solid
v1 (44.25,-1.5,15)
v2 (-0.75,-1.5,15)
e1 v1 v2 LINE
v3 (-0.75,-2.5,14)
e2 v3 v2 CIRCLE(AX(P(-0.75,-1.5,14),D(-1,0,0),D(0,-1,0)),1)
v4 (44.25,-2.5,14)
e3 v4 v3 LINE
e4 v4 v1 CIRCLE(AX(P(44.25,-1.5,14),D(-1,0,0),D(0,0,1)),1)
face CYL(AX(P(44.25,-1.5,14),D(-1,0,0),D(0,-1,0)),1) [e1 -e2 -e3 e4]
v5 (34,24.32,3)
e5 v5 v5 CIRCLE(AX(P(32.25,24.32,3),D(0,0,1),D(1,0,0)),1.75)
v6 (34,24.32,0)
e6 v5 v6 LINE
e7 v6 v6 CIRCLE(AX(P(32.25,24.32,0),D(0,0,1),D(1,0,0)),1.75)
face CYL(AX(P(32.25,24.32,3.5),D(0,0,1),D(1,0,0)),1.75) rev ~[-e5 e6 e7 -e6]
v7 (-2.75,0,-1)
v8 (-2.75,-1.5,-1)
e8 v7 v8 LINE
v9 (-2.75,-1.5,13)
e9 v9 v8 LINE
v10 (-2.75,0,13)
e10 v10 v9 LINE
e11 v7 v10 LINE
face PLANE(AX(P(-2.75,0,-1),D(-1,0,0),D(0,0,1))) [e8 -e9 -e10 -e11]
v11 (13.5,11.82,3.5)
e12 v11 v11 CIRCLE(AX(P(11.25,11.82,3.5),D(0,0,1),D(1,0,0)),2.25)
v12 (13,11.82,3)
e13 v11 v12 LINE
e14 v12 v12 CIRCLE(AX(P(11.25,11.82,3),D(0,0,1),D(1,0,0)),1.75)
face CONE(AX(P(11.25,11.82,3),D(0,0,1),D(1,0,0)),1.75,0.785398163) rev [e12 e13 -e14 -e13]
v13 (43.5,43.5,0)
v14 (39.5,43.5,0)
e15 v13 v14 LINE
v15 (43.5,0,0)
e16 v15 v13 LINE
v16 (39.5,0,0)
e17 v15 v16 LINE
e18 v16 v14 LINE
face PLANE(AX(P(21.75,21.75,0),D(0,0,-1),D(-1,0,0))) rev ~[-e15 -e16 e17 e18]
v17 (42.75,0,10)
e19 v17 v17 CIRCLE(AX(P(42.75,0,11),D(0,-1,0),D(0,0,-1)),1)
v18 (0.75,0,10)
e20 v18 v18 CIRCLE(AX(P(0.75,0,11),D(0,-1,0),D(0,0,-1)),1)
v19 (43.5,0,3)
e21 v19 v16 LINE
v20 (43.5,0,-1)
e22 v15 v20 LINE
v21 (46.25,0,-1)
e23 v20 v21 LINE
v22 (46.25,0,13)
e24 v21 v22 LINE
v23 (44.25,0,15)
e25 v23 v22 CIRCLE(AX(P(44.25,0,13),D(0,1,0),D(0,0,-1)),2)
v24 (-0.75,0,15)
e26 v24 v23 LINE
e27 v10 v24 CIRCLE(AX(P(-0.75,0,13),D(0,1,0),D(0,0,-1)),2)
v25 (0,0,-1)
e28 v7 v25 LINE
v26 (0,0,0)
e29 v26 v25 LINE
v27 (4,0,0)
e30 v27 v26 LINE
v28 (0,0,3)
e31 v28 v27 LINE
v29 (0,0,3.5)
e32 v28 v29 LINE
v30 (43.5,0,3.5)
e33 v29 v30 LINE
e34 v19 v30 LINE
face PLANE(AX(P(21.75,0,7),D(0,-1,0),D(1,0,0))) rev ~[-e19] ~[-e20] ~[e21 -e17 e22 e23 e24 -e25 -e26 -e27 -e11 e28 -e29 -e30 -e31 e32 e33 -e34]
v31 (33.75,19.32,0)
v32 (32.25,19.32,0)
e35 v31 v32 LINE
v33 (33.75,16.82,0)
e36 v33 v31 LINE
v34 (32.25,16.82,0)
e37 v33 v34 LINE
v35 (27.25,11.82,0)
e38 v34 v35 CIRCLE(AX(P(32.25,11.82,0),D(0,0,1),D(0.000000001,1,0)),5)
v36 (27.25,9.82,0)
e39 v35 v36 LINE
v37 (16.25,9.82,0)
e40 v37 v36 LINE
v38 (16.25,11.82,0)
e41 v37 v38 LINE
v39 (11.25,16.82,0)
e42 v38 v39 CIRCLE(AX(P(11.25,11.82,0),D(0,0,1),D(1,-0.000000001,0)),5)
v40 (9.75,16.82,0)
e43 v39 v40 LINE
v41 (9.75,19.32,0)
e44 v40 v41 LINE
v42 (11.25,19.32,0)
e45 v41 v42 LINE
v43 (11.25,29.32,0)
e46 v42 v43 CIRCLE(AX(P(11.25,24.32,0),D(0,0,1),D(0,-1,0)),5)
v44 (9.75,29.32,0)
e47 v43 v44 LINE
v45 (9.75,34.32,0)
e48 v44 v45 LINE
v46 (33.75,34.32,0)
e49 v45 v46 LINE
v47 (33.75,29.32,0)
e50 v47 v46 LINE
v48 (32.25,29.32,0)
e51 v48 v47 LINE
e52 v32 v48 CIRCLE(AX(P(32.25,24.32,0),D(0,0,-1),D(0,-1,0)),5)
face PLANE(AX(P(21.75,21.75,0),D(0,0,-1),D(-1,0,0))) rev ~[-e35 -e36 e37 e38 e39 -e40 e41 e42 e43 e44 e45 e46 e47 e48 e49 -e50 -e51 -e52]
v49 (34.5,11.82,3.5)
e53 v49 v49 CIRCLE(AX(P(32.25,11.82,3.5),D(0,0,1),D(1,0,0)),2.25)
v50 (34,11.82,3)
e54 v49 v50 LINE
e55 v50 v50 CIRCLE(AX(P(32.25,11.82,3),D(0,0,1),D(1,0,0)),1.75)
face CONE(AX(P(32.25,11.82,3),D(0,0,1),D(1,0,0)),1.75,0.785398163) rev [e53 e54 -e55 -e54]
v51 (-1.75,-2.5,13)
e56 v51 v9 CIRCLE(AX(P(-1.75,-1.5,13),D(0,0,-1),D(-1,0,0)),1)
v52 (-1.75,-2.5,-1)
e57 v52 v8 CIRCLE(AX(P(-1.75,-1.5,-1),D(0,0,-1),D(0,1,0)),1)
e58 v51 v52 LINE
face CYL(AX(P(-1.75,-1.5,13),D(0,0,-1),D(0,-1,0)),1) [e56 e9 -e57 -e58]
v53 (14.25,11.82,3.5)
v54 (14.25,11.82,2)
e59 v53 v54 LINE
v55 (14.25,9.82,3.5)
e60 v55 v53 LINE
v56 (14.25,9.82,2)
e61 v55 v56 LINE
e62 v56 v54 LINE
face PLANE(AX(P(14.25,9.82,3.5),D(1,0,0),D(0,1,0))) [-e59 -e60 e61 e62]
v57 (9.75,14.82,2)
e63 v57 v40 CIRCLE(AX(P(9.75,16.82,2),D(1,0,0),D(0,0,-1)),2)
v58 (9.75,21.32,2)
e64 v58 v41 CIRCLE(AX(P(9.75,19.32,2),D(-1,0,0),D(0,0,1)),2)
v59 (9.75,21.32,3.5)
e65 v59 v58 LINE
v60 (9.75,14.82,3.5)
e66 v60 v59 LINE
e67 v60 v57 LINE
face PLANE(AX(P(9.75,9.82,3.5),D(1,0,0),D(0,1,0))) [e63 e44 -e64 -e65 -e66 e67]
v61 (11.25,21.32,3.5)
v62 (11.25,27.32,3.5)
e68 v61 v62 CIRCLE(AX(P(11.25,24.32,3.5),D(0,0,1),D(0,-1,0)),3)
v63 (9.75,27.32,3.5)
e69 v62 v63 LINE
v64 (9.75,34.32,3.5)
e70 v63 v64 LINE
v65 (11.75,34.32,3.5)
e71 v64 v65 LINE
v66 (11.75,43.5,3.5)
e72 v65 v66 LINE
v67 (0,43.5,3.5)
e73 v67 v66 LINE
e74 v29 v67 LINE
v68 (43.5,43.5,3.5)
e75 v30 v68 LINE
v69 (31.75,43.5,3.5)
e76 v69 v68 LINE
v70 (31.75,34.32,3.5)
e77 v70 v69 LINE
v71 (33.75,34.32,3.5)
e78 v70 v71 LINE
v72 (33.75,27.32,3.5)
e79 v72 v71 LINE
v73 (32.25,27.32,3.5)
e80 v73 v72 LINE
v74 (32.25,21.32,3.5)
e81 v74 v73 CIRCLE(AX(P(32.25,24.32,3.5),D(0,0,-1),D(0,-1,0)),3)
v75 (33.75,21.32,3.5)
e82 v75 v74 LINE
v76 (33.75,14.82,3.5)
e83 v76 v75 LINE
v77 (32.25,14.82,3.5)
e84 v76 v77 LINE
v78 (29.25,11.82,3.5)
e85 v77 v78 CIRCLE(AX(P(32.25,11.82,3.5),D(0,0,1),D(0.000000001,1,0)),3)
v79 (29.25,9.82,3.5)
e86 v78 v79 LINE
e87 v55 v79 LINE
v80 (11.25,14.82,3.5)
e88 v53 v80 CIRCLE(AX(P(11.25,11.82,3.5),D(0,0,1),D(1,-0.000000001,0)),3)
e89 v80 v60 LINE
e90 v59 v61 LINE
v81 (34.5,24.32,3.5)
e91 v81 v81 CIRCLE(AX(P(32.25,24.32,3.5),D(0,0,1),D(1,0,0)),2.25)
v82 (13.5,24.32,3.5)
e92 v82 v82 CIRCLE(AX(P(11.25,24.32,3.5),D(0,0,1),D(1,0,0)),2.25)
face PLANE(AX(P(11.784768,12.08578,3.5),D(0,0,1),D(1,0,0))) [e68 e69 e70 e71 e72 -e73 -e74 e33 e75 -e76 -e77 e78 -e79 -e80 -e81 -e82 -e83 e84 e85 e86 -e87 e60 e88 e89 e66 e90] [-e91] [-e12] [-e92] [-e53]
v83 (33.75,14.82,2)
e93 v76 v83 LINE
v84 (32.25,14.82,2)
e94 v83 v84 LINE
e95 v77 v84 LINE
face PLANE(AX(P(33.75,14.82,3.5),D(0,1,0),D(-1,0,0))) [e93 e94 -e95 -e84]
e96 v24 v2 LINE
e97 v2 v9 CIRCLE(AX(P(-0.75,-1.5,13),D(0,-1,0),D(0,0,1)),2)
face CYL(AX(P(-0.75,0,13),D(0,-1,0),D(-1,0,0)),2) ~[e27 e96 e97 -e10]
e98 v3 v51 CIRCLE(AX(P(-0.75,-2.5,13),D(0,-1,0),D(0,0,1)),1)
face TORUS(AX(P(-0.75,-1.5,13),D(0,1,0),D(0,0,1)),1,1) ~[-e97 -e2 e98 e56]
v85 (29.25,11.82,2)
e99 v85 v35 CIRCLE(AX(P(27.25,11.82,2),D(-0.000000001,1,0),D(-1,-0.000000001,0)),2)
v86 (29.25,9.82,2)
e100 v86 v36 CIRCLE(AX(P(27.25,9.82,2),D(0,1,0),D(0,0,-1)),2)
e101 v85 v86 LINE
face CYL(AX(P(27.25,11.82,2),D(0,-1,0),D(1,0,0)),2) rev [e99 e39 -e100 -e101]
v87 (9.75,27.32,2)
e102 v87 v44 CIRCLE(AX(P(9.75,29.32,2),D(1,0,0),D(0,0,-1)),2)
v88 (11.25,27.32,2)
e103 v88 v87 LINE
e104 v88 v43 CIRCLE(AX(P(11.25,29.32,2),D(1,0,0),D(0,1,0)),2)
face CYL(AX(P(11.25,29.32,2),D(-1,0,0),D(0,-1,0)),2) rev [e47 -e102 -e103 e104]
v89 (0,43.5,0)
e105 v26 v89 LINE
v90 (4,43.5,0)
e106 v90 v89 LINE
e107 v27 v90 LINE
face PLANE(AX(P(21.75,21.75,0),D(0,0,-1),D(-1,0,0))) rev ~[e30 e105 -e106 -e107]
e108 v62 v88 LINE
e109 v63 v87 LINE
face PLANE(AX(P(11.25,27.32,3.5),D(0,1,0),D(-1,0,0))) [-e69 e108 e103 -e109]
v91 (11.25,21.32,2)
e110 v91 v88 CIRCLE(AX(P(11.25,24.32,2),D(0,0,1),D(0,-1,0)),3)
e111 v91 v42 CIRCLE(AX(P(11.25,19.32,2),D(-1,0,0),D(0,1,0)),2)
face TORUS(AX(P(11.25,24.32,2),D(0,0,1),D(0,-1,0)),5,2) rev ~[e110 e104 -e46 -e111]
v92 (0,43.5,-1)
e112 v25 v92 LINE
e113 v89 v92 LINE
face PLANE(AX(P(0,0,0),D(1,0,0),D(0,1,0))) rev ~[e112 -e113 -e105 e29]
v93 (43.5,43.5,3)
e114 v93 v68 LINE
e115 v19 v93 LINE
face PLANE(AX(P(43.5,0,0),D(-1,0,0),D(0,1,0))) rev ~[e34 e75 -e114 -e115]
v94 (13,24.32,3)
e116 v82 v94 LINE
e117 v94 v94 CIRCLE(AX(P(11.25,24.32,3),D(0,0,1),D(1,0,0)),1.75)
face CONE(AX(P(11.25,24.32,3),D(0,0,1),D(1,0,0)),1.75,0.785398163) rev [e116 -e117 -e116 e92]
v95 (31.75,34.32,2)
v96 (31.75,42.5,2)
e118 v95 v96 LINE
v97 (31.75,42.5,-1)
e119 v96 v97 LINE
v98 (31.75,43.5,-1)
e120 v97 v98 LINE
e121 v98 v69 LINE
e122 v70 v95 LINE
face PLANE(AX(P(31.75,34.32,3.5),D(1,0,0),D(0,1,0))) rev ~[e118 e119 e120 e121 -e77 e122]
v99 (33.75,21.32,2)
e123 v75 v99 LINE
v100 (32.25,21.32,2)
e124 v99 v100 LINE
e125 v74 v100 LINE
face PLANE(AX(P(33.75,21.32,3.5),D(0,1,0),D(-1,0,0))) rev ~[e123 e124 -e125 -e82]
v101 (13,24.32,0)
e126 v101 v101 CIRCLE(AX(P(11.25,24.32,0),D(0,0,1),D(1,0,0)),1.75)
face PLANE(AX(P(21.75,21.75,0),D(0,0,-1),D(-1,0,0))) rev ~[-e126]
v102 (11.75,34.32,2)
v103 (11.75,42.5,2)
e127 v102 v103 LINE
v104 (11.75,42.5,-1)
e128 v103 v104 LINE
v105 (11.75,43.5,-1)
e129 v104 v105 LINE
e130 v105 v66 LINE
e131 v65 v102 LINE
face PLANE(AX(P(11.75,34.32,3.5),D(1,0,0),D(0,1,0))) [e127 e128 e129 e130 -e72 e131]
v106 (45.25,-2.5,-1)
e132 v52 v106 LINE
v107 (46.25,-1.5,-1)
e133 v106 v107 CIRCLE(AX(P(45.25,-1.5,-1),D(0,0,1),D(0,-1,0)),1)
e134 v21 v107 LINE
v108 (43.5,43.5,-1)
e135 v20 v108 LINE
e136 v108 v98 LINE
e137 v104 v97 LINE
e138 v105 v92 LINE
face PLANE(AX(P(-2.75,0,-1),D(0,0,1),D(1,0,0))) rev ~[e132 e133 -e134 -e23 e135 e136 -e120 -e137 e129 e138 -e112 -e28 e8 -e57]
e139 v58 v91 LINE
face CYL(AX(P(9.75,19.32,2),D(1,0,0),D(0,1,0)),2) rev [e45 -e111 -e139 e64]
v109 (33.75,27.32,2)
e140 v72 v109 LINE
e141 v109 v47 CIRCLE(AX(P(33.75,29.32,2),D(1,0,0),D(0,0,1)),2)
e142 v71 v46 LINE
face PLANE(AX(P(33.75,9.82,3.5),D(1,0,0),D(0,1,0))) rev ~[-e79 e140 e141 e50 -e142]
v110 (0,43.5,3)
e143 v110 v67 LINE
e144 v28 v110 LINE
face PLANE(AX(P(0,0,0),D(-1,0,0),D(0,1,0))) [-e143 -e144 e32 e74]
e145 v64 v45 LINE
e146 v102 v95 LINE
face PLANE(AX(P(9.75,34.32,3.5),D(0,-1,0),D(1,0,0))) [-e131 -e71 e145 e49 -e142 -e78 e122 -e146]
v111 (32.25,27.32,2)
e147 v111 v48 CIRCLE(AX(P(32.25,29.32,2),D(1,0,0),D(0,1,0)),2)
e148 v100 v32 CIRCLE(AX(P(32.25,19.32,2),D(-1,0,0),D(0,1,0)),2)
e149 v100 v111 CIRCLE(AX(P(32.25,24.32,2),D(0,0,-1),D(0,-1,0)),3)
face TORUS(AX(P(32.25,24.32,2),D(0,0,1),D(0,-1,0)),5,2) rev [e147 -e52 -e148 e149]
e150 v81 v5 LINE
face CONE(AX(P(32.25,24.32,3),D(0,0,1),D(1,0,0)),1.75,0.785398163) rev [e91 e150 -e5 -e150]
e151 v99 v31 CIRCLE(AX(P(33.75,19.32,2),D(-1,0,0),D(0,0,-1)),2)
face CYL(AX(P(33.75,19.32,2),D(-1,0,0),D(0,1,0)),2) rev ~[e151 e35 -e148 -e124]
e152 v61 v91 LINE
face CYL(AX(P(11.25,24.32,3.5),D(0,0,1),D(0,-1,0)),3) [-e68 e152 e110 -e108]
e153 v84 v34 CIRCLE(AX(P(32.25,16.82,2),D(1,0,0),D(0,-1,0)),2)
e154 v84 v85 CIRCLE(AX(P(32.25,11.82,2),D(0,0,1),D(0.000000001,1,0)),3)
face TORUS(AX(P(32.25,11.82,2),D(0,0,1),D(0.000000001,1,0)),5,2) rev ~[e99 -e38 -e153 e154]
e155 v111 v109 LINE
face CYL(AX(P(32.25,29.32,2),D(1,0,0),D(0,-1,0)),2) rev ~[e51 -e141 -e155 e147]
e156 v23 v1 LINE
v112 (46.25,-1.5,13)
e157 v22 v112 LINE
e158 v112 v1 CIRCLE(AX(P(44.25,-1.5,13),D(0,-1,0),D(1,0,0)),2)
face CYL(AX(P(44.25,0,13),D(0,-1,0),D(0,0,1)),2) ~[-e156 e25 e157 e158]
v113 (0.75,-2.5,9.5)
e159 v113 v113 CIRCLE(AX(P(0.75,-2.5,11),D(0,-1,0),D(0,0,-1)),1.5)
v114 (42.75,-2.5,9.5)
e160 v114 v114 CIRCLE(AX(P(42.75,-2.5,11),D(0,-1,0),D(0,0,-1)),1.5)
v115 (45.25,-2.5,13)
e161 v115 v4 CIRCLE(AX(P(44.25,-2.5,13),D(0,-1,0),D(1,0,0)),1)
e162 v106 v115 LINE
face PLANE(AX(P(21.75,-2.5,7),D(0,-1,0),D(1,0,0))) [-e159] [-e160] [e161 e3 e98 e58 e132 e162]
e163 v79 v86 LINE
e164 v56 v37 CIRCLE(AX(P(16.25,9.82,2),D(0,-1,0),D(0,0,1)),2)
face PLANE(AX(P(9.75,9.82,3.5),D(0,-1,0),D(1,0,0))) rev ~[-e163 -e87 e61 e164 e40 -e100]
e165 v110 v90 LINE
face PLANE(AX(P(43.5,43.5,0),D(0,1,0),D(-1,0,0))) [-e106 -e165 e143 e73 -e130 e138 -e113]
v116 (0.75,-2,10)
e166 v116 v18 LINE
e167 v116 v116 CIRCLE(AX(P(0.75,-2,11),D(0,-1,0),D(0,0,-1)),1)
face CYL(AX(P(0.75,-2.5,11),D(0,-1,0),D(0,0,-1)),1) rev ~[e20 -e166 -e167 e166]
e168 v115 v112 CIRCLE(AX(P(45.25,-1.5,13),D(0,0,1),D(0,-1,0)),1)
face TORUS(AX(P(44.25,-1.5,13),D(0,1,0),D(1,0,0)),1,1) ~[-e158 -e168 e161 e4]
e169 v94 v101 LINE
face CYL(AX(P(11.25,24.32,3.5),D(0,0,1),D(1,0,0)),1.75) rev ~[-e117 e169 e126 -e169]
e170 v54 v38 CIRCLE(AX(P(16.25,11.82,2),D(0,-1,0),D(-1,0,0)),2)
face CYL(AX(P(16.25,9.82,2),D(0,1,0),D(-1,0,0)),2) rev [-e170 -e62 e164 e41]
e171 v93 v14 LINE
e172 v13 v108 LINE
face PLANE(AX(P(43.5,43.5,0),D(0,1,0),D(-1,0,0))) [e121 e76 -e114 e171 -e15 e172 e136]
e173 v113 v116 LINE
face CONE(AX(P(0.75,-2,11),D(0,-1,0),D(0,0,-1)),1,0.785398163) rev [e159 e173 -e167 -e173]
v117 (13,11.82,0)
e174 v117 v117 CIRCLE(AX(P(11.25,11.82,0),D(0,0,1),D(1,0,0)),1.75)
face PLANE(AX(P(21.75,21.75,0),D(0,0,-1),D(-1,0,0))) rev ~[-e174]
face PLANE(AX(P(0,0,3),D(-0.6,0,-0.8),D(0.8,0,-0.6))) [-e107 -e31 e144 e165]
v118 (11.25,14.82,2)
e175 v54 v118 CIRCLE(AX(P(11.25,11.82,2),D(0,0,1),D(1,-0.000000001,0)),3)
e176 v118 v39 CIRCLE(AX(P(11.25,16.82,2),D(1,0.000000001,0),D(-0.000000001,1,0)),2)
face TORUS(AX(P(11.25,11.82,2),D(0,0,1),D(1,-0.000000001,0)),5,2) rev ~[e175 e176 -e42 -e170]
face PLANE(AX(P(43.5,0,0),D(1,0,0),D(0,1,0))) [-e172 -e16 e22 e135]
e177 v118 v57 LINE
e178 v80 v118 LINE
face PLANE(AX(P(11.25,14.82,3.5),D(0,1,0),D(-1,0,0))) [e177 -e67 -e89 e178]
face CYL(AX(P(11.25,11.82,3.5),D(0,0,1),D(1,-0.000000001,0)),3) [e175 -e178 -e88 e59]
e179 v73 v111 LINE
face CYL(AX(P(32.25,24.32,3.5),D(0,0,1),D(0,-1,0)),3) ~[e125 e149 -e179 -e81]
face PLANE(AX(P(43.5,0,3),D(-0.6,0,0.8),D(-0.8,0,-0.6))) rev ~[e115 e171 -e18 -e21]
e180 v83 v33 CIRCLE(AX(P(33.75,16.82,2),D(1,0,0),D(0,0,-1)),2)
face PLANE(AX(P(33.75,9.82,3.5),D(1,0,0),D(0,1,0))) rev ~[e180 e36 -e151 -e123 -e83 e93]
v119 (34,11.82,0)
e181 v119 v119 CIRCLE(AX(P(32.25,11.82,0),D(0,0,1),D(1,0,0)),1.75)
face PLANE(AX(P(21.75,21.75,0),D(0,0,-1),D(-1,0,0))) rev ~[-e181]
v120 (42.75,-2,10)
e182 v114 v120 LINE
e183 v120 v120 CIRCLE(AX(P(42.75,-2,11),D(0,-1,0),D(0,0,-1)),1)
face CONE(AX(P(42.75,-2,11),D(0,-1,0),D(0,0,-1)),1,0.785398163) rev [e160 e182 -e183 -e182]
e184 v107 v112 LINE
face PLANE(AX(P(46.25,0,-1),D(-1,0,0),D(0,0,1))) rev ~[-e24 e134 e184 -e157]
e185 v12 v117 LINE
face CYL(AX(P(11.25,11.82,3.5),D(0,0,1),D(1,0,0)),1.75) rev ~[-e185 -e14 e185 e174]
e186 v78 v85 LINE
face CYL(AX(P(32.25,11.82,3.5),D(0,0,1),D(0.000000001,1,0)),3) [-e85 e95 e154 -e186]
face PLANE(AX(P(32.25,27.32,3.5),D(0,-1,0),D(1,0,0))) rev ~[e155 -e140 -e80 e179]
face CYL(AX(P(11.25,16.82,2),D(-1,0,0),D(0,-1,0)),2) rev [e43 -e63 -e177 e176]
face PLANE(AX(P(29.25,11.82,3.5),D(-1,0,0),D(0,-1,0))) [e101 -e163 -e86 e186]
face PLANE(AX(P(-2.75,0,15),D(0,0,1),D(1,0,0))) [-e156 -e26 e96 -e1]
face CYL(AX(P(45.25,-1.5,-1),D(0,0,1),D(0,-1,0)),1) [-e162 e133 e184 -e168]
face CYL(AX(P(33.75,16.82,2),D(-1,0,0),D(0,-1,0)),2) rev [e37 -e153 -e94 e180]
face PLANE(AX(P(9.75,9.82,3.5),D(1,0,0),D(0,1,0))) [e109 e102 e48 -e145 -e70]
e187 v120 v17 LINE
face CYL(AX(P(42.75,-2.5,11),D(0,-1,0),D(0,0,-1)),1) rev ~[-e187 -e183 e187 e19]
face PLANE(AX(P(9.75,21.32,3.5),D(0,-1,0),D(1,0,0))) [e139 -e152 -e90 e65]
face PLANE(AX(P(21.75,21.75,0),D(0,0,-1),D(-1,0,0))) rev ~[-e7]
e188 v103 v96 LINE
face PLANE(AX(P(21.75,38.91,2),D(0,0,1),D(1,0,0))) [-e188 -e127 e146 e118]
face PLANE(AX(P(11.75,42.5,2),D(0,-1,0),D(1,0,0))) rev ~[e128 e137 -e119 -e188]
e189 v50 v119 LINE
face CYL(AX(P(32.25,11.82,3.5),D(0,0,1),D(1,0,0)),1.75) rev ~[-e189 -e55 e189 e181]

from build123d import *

# Parameters (mm, degrees)
ESQUISSE1_W             = 43.5
ESQUISSE1_H             = 43.5
BOSS_EXTRU_1_DEPTH      = 3.5
ESQUISSE3_W             = 24
ESQUISSE3_H             = 24.5
ENL_V_MAT_EXTRU_1_DEPTH = 3.5
ENL_V_MAT_EXTRU_3_DEPTH = 43.5
ESQUISSE5_W             = 20
ESQUISSE5_H             = 9.18
ENL_V_MAT_EXTRU_4_DEPTH = 1.5
BOSS_EXTRU_2_DEPTH      = 3.5
ESQUISSE8_R             = 1.75
ENL_V_MAT_EXTRU_5_DEPTH = 3.5
ESQUISSE9_W             = 43.5
ESQUISSE9_H             = 43.5
BOSS_EXTRU_3_DEPTH      = 1
CONG_2_R                = 2
CHANFREIN1_SIZE         = 0.5
ESQUISSE10_W            = 20
ESQUISSE10_H            = 1
ENL_V_MAT_EXTRU_6_DEPTH = 3
ESQUISSE11_W            = 49
ESQUISSE11_H            = 16
BOSS_EXTRU_4_DEPTH      = 2.5
ESQUISSE12_R            = 1
ENL_V_MAT_EXTRU_7_DEPTH = 2.5
CONG_3_R                = 2
CONG_4_R                = 1
CHANFREIN2_SIZE         = 0.5


with BuildPart() as part:
    # Esquisse1 → Boss.-Extru.1 (new body)
    with BuildSketch(Plane.XY):
        with Locations((21.75, 21.75)):
            Rectangle(ESQUISSE1_W, ESQUISSE1_H)
    extrude(amount=BOSS_EXTRU_1_DEPTH)

    # Esquisse3 → Enlèv. mat.-Extru.1 (cut)
    with BuildSketch(Plane.XY.offset(3.5)):
        with Locations((21.75, 22.07)):
            Rectangle(ESQUISSE3_W, ESQUISSE3_H)
    extrude(amount=-ENL_V_MAT_EXTRU_1_DEPTH, mode=Mode.SUBTRACT)

    # Esquisse4 → Enlèv. mat.-Extru.3 (cut)
    with BuildSketch(Plane.XZ):
        Polygon((0, 0), (0, 3), (4, 0), align=None)
        Polygon((43.5, 3), (39.5, 0), (43.5, 0), align=None)
    extrude(amount=-ENL_V_MAT_EXTRU_3_DEPTH, mode=Mode.SUBTRACT)

    # Esquisse5 → Enlèv. mat.-Extru.4 (cut)
    with BuildSketch(Plane.XY.offset(3.5)):
        with Locations((21.75, 38.91)):
            Rectangle(ESQUISSE5_W, ESQUISSE5_H)
    extrude(amount=-ENL_V_MAT_EXTRU_4_DEPTH, mode=Mode.SUBTRACT)

    # Esquisse6 → Boss.-Extru.2 (add)
    with BuildSketch(Plane.XY.offset(3.5)):
        with BuildLine():
            Line((11.25, 27.32), (9.75, 27.32))
            Line((9.75, 27.32), (9.75, 21.32))
            Line((9.75, 21.32), (11.25, 21.32))
            ThreePointArc((11.25, 21.32), (14.25, 24.32), (11.25, 27.32))
        make_face()
        with BuildLine():
            Line((11.25, 14.82), (9.75, 14.82))
            Line((9.75, 14.82), (9.75, 9.82))
            Line((9.75, 9.82), (14.25, 9.82))
            Line((14.25, 9.82), (14.25, 11.82))
            ThreePointArc((14.25, 11.82), (13.371320344, 13.941320344), (11.25, 14.82))
        make_face()
        with BuildLine():
            Line((29.25, 11.82), (29.25, 9.82))
            Line((29.25, 9.82), (33.75, 9.82))
            Line((33.75, 9.82), (33.75, 14.82))
            Line((33.75, 14.82), (32.25, 14.82))
            ThreePointArc((32.25, 14.82), (30.128679656, 13.941320344), (29.25, 11.82))
        make_face()
        with BuildLine():
            Line((32.25, 27.32), (33.75, 27.32))
            Line((33.75, 27.32), (33.75, 21.32))
            Line((33.75, 21.32), (32.25, 21.32))
            ThreePointArc((32.25, 21.32), (29.25, 24.32), (32.25, 27.32))
        make_face()
    extrude(amount=-BOSS_EXTRU_2_DEPTH)

    # Esquisse8 → Enlèv. mat.-Extru.5 (cut)
    with BuildSketch(Plane.XY.offset(3.5)):
        with Locations((11.25, 24.32)):
            Circle(ESQUISSE8_R)
        with Locations((32.25, 24.32)):
            Circle(ESQUISSE8_R)
        with Locations((32.25, 11.82)):
            Circle(ESQUISSE8_R)
        with Locations((11.25, 11.82)):
            Circle(ESQUISSE8_R)
    extrude(amount=-ENL_V_MAT_EXTRU_5_DEPTH, mode=Mode.SUBTRACT)

    # Esquisse9 → Boss.-Extru.3 (add)
    with BuildSketch(Plane(origin=(0, 0, 0), x_dir=(-1, 0, 0), z_dir=(0, 0, -1))):
        with Locations((-21.75, 21.75)):
            Rectangle(ESQUISSE9_W, ESQUISSE9_H)
    extrude(amount=BOSS_EXTRU_3_DEPTH)

    # Congé2
    cong_2_edges = [part.edges().sort_by_distance(p)[0] for p in [
        (29.25, 24.32, 0),
        (33, 27.32, 0),
        (33, 21.32, 0),
        (14.25, 24.32, 0),
        (10.5, 21.32, 0),
        (10.5, 27.32, 0),
        (13.371320344, 13.941320344, 0),
        (14.25, 10.82, 0),
        (10.5, 14.82, 0),
        (30.128679656, 13.941320344, 0),
        (33, 14.82, 0),
        (29.25, 10.82, 0),
    ]]
    fillet(cong_2_edges, radius=CONG_2_R)

    # Chanfrein1
    chanfrein1_edges = [part.edges().sort_by_distance(p)[0] for p in [
        (9.5, 11.82, 3.5),
        (30.5, 11.82, 3.5),
        (30.5, 24.32, 3.5),
        (9.5, 24.32, 3.5),
    ]]
    chamfer(chanfrein1_edges, length=CHANFREIN1_SIZE)

    # Esquisse10 → Enlèv. mat.-Extru.6 (cut)
    with BuildSketch(Plane.XY.offset(2)):
        with Locations((21.75, 43)):
            Rectangle(ESQUISSE10_W, ESQUISSE10_H)
    extrude(amount=-ENL_V_MAT_EXTRU_6_DEPTH, mode=Mode.SUBTRACT)

    # Esquisse11 → Boss.-Extru.4 (add)
    with BuildSketch(Plane.XZ):
        with Locations((21.75, 7)):
            Rectangle(ESQUISSE11_W, ESQUISSE11_H)
    extrude(amount=BOSS_EXTRU_4_DEPTH)

    # Esquisse12 → Enlèv. mat.-Extru.7 (cut)
    with BuildSketch(Plane.XZ.offset(2.5)):
        with Locations(Location((0.75, 11, 0), (0, 0, 270))):
            Circle(ESQUISSE12_R)
        with Locations(Location((42.75, 11, 0), (0, 0, 270))):
            Circle(ESQUISSE12_R)
    extrude(amount=-ENL_V_MAT_EXTRU_7_DEPTH, mode=Mode.SUBTRACT)

    # Congé3
    cong_3_edges = [part.edges().sort_by_distance(p)[0] for p in [
        (-2.75, -1.25, 15),
        (46.25, -1.25, 15),
    ]]
    fillet(cong_3_edges, radius=CONG_3_R)

    # Congé4
    cong_4_edges = [part.edges().sort_by_distance(p)[0] for p in [
        (46.25, -2.5, 6),
        (-2.75, -2.5, 6),
        (21.75, -2.5, 15),
        (45.664213562, -2.5, 14.414213562),
        (-2.164213562, -2.5, 14.414213562),
    ]]
    fillet(cong_4_edges, radius=CONG_4_R)

    # Chanfrein2
    chanfrein2_edges = [part.edges().sort_by_distance(p)[0] for p in [
        (0.75, -2.5, 12),
        (42.75, -2.5, 12),
    ]]
    chamfer(chanfrein2_edges, length=CHANFREIN2_SIZE)


solid = part.part
